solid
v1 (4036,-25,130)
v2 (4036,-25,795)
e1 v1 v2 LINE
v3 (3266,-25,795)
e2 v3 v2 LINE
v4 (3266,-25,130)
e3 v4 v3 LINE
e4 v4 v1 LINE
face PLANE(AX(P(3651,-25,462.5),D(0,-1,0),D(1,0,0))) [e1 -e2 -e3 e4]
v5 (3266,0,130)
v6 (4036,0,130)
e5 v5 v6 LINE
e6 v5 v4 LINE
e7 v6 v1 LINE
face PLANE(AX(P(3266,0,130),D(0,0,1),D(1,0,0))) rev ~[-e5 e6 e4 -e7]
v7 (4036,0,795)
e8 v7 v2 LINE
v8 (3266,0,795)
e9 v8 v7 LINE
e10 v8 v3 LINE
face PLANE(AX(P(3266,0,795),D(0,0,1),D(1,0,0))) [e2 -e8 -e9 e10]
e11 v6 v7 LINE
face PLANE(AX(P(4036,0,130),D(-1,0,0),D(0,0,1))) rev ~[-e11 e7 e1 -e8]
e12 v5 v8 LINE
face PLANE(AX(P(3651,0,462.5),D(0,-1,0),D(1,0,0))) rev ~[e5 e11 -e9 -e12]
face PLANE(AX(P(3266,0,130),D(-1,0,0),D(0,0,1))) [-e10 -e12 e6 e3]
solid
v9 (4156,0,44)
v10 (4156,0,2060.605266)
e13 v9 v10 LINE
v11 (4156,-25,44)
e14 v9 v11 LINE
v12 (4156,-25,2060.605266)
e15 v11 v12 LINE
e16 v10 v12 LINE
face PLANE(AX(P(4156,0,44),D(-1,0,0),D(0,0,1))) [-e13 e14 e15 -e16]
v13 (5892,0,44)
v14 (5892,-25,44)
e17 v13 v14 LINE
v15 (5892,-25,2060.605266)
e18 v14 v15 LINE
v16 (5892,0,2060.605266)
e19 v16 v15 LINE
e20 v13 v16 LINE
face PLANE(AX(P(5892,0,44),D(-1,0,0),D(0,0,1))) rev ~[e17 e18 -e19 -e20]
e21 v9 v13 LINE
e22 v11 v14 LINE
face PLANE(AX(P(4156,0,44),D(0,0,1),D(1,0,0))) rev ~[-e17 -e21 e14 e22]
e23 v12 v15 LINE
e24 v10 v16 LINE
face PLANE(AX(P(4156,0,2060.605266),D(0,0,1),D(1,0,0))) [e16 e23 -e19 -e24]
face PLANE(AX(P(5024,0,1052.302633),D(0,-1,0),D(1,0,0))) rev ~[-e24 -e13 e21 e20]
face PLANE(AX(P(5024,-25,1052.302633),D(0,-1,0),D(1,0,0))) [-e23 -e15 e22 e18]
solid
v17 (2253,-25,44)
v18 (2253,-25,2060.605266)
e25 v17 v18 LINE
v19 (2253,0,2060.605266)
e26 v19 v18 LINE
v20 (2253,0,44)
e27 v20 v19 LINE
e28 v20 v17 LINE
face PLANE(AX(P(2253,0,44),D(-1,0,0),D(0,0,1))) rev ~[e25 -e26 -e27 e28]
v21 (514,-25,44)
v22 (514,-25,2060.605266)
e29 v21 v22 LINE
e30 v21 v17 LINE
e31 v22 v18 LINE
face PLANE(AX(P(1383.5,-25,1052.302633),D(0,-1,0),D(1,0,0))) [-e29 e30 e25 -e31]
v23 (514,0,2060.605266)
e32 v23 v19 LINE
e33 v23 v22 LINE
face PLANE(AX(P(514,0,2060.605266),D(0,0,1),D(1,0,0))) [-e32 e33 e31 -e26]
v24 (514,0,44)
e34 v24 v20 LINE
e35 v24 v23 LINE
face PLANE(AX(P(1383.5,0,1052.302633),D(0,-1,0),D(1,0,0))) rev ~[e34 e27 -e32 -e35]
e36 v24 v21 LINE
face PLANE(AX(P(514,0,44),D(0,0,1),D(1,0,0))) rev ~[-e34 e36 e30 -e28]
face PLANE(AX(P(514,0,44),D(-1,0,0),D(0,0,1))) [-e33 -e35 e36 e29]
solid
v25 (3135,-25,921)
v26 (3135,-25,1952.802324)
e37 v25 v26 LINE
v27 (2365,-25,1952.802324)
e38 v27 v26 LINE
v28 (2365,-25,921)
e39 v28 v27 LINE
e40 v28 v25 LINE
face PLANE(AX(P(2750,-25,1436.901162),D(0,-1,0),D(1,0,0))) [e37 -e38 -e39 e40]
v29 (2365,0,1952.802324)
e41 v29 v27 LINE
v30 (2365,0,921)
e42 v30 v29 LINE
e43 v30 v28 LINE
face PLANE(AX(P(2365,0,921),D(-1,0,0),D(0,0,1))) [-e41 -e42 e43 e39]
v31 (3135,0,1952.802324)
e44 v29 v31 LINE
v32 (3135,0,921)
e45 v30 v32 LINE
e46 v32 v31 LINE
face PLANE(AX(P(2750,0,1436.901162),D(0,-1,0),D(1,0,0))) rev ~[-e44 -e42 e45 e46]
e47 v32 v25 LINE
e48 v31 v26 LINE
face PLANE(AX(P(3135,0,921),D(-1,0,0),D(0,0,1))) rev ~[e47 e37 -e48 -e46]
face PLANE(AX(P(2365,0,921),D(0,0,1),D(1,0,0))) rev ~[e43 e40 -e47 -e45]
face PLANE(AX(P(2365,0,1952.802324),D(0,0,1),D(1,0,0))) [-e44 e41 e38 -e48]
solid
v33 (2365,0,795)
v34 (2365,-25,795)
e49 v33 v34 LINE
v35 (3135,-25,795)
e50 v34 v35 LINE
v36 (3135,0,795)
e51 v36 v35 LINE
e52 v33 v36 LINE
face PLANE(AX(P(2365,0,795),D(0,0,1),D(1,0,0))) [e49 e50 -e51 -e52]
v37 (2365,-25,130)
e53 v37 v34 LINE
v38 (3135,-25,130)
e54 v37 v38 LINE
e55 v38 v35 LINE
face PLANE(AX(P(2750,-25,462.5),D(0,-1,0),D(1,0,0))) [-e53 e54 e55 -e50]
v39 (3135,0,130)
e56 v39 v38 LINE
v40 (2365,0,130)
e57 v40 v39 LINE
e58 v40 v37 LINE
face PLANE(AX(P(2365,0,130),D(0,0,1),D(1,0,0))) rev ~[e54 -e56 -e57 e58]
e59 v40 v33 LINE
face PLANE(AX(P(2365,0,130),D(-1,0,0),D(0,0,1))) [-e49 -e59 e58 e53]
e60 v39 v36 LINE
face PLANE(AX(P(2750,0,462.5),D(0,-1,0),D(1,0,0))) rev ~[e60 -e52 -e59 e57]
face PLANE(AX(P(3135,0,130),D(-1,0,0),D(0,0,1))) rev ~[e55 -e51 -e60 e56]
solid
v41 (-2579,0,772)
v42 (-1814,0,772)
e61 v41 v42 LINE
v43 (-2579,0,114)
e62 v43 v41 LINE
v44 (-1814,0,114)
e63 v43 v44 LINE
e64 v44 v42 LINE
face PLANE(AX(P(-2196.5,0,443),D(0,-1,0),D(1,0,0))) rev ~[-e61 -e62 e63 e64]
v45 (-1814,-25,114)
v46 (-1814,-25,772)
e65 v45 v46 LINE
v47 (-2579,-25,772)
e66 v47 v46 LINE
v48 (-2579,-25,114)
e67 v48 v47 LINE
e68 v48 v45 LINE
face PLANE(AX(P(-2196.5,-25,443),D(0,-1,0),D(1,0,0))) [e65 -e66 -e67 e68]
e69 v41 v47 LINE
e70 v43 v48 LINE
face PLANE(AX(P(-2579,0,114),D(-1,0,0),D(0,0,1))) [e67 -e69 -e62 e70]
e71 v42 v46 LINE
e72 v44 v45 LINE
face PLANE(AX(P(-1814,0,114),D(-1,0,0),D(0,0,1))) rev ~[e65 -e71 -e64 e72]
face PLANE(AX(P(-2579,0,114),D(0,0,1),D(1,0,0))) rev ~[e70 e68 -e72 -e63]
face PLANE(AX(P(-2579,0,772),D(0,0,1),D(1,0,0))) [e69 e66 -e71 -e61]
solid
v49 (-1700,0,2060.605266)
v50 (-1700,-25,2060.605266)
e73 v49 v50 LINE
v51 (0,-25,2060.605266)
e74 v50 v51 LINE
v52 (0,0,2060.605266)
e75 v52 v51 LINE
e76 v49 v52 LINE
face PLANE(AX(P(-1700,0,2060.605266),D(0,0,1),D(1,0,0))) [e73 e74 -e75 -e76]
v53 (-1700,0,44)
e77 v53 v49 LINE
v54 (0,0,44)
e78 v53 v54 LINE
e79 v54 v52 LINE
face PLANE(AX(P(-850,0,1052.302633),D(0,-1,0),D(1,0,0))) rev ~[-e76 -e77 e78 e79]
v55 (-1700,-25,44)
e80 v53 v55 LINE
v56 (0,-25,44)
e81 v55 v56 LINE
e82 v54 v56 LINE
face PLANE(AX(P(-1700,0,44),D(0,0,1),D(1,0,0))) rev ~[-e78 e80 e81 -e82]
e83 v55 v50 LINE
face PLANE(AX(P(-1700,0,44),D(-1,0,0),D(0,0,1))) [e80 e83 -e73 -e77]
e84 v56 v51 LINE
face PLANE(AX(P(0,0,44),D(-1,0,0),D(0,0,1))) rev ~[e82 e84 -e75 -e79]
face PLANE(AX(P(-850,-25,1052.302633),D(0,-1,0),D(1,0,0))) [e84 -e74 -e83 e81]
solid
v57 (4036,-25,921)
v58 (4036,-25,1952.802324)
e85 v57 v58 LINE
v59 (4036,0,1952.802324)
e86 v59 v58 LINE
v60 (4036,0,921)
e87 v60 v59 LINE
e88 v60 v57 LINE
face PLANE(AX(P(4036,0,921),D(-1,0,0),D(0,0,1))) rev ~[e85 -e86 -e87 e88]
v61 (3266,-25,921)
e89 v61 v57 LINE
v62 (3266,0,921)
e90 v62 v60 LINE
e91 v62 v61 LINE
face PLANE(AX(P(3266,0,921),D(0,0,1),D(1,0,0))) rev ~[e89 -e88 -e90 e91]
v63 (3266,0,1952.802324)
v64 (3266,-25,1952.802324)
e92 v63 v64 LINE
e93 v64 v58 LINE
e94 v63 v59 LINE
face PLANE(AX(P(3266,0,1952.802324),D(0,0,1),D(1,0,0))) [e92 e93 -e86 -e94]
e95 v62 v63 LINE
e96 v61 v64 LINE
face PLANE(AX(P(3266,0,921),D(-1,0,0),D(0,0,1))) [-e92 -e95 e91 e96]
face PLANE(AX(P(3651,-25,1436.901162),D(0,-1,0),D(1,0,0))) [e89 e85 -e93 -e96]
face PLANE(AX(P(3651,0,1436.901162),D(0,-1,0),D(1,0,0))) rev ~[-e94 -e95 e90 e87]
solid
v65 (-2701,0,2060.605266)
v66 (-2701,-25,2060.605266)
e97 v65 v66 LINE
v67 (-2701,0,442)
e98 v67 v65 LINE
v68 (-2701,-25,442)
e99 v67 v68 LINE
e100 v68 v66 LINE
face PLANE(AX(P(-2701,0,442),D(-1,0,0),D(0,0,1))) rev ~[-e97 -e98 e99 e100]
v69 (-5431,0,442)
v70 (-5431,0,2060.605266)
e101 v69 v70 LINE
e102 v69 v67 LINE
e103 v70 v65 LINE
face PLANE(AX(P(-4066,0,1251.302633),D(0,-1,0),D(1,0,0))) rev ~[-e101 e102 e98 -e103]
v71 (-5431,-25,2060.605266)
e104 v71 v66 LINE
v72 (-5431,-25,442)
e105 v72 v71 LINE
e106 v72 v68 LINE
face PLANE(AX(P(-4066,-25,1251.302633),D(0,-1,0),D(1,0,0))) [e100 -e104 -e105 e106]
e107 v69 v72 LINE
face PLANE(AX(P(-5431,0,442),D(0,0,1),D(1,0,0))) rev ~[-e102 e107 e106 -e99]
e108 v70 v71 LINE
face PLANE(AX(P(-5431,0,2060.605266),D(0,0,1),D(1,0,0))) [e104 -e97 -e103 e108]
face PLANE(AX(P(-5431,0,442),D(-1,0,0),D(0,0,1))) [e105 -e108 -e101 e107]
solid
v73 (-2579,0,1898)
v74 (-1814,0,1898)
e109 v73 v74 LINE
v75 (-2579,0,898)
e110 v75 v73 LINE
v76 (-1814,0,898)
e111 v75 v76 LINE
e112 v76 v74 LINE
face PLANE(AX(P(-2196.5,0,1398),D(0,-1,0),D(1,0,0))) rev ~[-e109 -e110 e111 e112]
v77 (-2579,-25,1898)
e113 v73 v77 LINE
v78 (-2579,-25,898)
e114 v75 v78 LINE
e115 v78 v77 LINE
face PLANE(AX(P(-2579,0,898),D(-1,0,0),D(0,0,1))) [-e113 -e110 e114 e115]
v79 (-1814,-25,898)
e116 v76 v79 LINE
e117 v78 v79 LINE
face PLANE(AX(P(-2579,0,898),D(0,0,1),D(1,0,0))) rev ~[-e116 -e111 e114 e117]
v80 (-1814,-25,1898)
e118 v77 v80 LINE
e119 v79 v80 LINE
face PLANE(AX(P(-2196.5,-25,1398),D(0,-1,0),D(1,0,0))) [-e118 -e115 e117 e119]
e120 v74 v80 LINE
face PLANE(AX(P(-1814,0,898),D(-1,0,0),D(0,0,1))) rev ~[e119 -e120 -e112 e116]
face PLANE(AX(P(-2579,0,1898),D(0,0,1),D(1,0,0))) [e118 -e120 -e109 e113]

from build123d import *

# Parameters (mm, degrees)
F0_W     = 1739
F0_H     = 2016.605266
F0_W_2   = 770
F0_H_2   = 665
F0_H_3   = 1031.802324
F0_W_3   = 1736
F0_W_4   = 1700
F0_W_5   = 765
F0_H_4   = 1000
F0_H_5   = 658
F0_W_6   = 2730
F0_H_6   = 1618.605266
F1_DEPTH = 25


with BuildPart() as f1:
    # F0 (on Front) → F1 (new body)
    with BuildSketch(Plane.XZ):
        with Locations((1383.5, 1052.302633)):
            Rectangle(F0_W, F0_H)
        with Locations((2750, 462.5)):
            Rectangle(F0_W_2, F0_H_2)
        with Locations((3651, 462.5)):
            Rectangle(F0_W_2, F0_H_2)
        with Locations((3651, 1436.901162)):
            Rectangle(F0_W_2, F0_H_3)
        with Locations((2750, 1436.901162)):
            Rectangle(F0_W_2, F0_H_3)
        with Locations((5024, 1052.302633)):
            Rectangle(F0_W_3, F0_H)
        with Locations((-850, 1052.302633)):
            Rectangle(F0_W_4, F0_H)
        with Locations((-2196.5, 1398)):
            Rectangle(F0_W_5, F0_H_4)
        with Locations((-2196.5, 443)):
            Rectangle(F0_W_5, F0_H_5)
        with Locations((-4066, 1251.302633)):
            Rectangle(F0_W_6, F0_H_6)
    extrude(amount=F1_DEPTH)


solid = f1.part
